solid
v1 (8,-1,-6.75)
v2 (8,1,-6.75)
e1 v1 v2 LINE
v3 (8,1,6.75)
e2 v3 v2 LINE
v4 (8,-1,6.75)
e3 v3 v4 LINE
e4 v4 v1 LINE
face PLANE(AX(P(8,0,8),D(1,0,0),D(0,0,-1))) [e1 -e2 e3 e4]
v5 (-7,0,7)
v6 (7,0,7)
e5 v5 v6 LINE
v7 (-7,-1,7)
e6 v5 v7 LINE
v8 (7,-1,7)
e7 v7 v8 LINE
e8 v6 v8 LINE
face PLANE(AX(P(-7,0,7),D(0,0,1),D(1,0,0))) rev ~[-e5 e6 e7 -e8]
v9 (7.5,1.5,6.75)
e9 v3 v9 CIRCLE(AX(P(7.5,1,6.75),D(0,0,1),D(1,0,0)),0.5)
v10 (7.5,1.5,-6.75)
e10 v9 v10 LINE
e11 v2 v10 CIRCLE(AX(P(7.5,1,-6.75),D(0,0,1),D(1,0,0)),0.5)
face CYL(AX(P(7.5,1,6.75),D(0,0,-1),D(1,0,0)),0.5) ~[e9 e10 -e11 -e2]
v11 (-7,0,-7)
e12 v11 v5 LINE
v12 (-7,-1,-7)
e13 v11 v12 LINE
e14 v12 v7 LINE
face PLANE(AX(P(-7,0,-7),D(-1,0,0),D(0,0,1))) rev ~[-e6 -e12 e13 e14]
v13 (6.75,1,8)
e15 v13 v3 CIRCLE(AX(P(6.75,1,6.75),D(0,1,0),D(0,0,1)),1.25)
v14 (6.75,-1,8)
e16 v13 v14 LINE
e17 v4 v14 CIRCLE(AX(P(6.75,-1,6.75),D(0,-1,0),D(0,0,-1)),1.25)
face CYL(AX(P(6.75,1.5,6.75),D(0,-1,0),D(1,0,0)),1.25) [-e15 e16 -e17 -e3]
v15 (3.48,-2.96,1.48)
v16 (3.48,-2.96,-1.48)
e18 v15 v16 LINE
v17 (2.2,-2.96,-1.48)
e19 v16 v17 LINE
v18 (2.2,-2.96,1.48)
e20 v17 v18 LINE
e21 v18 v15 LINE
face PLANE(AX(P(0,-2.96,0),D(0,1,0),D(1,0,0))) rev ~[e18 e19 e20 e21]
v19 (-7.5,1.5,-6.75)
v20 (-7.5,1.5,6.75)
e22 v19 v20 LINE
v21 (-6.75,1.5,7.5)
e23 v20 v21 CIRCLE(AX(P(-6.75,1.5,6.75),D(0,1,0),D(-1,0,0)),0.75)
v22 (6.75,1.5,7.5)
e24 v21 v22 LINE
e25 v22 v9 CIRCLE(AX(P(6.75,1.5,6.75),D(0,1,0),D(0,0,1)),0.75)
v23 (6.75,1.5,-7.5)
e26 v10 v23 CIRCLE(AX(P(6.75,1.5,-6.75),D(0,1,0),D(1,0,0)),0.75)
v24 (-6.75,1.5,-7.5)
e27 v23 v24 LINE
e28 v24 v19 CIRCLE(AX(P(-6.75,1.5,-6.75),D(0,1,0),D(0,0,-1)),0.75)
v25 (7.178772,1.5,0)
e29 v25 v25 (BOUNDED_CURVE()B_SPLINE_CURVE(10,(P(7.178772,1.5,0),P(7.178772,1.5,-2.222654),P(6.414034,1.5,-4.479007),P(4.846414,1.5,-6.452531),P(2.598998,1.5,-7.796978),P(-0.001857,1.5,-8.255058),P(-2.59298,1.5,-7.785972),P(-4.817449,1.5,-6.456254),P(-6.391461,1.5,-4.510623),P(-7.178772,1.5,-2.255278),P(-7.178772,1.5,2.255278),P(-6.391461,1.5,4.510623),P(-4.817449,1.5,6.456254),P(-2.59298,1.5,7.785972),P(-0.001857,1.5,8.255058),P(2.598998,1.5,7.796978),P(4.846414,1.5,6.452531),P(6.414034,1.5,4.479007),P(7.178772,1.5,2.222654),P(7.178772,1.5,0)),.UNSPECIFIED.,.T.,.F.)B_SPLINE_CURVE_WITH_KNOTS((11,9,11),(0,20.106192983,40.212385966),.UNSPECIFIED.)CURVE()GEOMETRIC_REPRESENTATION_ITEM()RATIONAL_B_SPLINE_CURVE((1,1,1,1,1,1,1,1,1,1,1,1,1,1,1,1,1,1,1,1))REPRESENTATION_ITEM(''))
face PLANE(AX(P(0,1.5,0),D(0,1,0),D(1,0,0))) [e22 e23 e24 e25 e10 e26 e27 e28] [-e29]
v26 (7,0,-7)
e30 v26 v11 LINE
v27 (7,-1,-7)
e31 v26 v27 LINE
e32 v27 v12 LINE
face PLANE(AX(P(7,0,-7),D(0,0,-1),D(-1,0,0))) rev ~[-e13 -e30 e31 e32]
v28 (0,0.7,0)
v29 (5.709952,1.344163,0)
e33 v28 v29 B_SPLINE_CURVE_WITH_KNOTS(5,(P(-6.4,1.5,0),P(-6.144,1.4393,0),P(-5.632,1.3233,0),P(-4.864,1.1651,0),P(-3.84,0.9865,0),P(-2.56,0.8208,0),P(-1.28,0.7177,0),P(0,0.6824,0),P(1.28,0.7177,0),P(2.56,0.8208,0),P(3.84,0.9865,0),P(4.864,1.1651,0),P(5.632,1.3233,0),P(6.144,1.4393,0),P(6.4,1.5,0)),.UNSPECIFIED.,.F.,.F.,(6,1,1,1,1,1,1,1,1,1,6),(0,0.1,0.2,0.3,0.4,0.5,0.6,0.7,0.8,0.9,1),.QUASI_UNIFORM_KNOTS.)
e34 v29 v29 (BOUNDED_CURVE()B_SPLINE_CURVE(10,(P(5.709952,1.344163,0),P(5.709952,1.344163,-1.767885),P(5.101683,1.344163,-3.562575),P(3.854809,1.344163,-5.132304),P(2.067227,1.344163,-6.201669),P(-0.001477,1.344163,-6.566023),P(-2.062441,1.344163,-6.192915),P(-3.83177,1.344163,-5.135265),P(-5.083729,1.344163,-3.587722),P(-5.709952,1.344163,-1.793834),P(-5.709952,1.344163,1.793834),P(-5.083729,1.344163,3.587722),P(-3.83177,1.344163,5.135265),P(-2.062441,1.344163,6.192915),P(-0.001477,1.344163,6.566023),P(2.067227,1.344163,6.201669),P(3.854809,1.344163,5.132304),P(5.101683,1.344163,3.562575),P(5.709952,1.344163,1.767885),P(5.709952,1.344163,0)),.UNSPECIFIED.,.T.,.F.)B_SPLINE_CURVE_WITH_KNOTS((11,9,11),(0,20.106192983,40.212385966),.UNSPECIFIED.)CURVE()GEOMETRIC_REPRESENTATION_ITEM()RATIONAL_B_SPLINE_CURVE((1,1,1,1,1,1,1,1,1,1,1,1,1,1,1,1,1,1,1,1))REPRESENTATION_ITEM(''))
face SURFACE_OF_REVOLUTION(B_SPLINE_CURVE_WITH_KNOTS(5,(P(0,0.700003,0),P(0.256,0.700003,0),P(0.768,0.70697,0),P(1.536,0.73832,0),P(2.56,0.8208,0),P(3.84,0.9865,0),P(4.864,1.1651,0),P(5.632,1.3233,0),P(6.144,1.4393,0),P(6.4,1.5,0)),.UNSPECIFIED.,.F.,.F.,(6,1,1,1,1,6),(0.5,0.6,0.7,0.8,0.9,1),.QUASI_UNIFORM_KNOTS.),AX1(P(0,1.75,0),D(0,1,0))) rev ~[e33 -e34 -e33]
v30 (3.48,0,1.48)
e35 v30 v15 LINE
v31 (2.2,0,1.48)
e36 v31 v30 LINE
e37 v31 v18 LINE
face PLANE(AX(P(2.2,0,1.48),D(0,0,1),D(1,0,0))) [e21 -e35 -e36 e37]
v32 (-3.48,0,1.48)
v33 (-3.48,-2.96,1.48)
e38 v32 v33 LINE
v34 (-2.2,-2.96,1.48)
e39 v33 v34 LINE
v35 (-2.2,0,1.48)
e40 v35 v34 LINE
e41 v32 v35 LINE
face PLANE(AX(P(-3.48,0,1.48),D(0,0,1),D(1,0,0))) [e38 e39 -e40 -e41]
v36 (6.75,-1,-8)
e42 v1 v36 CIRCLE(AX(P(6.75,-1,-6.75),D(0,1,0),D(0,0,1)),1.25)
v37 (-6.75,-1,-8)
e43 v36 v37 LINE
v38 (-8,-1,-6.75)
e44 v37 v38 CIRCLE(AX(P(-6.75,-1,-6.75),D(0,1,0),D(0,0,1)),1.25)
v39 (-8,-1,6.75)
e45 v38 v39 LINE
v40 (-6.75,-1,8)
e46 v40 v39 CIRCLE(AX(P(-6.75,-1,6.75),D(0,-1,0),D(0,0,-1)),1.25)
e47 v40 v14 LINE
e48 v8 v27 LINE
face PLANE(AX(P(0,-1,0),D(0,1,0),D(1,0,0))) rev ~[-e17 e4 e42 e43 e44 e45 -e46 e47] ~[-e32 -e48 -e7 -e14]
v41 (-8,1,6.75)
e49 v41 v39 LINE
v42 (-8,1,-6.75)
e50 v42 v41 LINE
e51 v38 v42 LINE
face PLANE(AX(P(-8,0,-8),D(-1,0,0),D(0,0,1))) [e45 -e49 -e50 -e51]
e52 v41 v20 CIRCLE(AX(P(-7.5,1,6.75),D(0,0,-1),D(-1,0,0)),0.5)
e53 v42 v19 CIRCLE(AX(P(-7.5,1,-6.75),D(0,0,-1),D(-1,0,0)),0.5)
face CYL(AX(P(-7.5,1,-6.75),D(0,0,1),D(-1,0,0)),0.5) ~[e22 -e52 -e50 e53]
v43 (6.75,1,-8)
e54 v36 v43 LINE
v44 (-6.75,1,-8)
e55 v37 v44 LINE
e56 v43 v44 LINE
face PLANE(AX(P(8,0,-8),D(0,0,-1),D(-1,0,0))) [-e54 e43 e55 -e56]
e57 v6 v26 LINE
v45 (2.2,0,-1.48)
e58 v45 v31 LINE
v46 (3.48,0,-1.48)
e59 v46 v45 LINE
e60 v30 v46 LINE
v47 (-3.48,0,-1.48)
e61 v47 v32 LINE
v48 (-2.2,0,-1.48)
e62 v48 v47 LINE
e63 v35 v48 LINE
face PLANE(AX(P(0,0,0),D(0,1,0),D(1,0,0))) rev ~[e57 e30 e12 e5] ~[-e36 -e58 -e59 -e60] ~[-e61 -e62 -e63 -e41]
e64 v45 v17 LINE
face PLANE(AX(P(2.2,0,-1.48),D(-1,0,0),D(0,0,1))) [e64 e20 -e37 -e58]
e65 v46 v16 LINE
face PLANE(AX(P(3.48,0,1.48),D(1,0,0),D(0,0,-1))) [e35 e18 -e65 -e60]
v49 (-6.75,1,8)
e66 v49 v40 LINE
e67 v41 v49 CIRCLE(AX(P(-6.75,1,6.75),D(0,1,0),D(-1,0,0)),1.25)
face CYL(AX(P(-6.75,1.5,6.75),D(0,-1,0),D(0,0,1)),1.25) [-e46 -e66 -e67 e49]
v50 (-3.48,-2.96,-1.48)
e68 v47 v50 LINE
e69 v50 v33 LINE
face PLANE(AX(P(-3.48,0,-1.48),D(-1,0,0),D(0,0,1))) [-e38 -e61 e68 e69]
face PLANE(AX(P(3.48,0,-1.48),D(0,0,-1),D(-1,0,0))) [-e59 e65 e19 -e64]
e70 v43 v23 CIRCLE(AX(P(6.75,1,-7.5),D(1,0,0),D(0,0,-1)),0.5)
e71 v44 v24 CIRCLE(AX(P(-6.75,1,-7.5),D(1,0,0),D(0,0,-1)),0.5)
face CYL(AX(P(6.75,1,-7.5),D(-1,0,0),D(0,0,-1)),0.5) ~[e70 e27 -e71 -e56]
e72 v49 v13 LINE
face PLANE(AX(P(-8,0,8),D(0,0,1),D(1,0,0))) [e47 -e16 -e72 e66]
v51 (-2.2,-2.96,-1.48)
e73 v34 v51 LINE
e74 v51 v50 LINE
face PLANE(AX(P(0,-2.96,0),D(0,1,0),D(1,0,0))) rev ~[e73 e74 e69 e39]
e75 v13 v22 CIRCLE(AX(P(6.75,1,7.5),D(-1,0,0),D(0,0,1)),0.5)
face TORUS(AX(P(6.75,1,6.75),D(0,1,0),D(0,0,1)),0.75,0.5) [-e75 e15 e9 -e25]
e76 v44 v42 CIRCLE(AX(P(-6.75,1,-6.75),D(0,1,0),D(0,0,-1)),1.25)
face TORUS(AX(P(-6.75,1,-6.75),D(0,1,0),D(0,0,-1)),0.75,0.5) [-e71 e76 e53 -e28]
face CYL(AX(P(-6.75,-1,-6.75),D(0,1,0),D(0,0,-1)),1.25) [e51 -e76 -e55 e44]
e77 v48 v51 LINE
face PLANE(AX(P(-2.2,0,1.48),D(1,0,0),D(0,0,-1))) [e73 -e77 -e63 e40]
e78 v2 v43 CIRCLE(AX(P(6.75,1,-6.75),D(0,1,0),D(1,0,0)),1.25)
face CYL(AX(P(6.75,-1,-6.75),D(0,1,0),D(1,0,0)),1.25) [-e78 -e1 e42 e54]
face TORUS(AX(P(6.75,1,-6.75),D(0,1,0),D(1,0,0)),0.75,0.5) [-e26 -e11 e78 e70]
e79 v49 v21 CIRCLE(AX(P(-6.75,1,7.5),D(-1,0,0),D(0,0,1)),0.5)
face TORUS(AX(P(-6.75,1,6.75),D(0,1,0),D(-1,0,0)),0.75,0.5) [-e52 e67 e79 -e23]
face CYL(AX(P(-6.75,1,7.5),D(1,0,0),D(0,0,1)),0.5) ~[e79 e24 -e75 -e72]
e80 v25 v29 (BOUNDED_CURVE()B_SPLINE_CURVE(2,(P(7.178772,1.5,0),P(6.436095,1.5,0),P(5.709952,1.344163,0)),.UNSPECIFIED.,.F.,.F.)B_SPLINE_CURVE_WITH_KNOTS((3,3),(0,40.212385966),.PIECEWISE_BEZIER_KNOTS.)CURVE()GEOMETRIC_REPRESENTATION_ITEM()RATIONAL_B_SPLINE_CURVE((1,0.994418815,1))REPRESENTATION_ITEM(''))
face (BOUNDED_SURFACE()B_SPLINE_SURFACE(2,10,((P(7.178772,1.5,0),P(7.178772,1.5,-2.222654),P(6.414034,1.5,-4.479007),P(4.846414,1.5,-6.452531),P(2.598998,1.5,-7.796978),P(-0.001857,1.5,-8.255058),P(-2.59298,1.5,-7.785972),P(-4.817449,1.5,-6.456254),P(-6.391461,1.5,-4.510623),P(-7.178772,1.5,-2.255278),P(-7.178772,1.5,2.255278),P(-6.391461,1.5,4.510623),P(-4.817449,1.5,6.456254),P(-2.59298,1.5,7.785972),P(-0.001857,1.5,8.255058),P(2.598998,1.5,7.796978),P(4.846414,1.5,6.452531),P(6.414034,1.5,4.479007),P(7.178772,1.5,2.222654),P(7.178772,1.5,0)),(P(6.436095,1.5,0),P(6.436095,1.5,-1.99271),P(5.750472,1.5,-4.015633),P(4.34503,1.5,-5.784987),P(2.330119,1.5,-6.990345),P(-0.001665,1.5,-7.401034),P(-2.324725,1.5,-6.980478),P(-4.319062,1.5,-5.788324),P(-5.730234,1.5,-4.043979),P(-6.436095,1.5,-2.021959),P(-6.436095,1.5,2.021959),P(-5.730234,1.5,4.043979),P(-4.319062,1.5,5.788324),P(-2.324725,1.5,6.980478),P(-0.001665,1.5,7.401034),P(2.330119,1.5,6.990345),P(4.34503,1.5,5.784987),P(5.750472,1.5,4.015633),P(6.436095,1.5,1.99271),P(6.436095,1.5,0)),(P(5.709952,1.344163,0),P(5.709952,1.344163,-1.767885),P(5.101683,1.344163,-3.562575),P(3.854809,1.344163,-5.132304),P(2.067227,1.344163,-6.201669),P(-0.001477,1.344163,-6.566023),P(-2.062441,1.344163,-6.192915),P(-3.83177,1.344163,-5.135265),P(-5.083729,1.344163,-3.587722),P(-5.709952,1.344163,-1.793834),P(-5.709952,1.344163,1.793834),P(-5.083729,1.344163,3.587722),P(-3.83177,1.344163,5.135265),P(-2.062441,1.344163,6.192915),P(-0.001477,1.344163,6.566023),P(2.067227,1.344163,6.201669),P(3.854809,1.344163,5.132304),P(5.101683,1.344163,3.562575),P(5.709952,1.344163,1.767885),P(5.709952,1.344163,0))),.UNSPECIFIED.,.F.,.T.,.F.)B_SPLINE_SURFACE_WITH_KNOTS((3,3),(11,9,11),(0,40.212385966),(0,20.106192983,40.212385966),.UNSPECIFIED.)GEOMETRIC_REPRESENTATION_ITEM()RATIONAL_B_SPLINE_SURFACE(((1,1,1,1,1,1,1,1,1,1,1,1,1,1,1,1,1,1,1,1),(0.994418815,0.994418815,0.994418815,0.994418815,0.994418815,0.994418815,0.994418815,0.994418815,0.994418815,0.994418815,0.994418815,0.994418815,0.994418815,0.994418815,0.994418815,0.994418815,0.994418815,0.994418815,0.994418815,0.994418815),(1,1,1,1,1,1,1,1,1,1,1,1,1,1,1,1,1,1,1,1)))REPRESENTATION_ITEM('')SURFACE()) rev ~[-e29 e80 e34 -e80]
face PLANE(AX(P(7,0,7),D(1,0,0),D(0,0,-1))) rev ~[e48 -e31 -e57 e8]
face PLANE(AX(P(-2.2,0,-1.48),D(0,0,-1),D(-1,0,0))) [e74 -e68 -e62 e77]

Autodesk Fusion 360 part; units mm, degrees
sketch "plan" plane through (0, 0, 0) normal (0, 1, 0) x (1, 0, 0)
  line L0 (8, 8) -> (-8, 8)
  line L1 (-8, 8) -> (-8, -8)
  line L2 (-8, -8) -> (8, -8)
  line L3 (8, -8) -> (8, 8)
  line L4 (7, 7) -> (-7, 7)
  line L5 (-7, 7) -> (-7, -7)
  line L6 (-7, -7) -> (7, -7)
  line L7 (7, -7) -> (7, 7)
  line L8 (-3.48, 0) -> (3.48, 0) construction
  line L9 (-3.48, -1.48) -> (-2.2, -1.48)
  line L10 (-2.2, -1.48) -> (-2.2, 1.48)
  line L11 (-2.2, 1.48) -> (-3.48, 1.48)
  line L12 (-3.48, 1.48) -> (-3.48, -1.48)
  line L13 (-7, 7) -> (7, -7) construction
  line L14 (-8, -8) -> (8, 8) construction
  line L15 (2.2, -1.48) -> (3.48, -1.48)
  line L16 (3.48, -1.48) -> (3.48, 1.48)
  line L17 (3.48, 1.48) -> (2.2, 1.48)
  line L18 (2.2, 1.48) -> (2.2, -1.48)
  dimension "d1" = 16
  dimension "d2" = 16
  dimension "d3" = 1
  dimension "d5" = 1
  dimension "d10" = 6.96
  dimension "d11" = 1.28
  dimension "d12" = 2.96
  dimension "d13" = 1.28
  dimension "d14" = 2.96
extrude "Extrude1" add sketch "plan" along normal blind 1.5 contours L0 L1 L2 L3 | L4 L5 L6 L7 | L9 L10 L11 L12 | L15 L16 L17 L18
extrude "Extrude2" add sketch "plan" against normal blind 1 contours L0 L1 L2 L3
extrude "Extrude3" add sketch "plan" against normal blind 2.96 contours L9 L10 L11 L12 | L15 L16 L17 L18
sketch "indent" plane through (0, 0, 0) normal (0, 0, 1) x (1, 0, 0)
  line L0 (8, -1) -> (8, 1.5)
  line L1 (8, 1.5) -> (8, -1)
  line L2 (8, 1.5) -> (-8, 1.5)
  line L3 (-8, 1.5) -> (8, 1.5)
  line L4 (-8, -1) -> (-8, 1.5)
  line L5 (-8, 1.5) -> (-8, -1)
  line L6 (-8, 0) -> (8, 0)
  line L7 (0, 1.5) -> (0, 0.7)
  spline S0 degree 5 poles (-6.4, 1.5) (-6.144, 1.4393) (-5.632, 1.3233) (-4.864, 1.1651) (-3.84, 0.9865) (-2.56, 0.8208) (-1.28, 0.7177) (0, 0.6824) (1.28, 0.7177) (2.56, 0.8208) (3.84, 0.9865) (4.864, 1.1651) (5.632, 1.3233) (6.144, 1.4393) (6.4, 1.5) knots 0 0 0 0 0 0 0.1 0.2 0.3 0.4 0.5 0.6 0.7 0.8 0.9 1 1 1 1 1 1
  point P0 (-8, 0)
  point P1 (8, 0)
  point P2 (-6.4, 1.5)
  point P3 (6.4, 1.5)
  dimension "d17" = 1.6
  dimension "d18" = 1.6
  dimension "d20" = 0.8
revolve "Revolve1" cut sketch "indent" angle 360 about axis through (0, 1.75, 0) along (0, 1, 0) contours L2 L3 L7 S0 picked at (0.7111, 0.9984)
fillet "Fillet1" radius 1.25 4 edges at (-8, 0.25, 8) (8, 0.25, 8) (8, 0.25, -8) (-8, 0.25, -8)
fillet "Fillet2" radius 0.5 8 edges at (7.6339, 1.5, -7.6339) (0, 1.5, -8) (-7.6339, 1.5, -7.6339) (-8, 1.5, 0) (-7.6339, 1.5, 7.6339) (0, 1.5, 8) (7.6339, 1.5, 7.6339) (8, 1.5, 0)
fillet "Fillet3" radius 7 1 edges at (-5.9669, 1.5, -2.3143)
equation "d13 = d11"
equation "d14 = d12"
equation "d18 = d17"
